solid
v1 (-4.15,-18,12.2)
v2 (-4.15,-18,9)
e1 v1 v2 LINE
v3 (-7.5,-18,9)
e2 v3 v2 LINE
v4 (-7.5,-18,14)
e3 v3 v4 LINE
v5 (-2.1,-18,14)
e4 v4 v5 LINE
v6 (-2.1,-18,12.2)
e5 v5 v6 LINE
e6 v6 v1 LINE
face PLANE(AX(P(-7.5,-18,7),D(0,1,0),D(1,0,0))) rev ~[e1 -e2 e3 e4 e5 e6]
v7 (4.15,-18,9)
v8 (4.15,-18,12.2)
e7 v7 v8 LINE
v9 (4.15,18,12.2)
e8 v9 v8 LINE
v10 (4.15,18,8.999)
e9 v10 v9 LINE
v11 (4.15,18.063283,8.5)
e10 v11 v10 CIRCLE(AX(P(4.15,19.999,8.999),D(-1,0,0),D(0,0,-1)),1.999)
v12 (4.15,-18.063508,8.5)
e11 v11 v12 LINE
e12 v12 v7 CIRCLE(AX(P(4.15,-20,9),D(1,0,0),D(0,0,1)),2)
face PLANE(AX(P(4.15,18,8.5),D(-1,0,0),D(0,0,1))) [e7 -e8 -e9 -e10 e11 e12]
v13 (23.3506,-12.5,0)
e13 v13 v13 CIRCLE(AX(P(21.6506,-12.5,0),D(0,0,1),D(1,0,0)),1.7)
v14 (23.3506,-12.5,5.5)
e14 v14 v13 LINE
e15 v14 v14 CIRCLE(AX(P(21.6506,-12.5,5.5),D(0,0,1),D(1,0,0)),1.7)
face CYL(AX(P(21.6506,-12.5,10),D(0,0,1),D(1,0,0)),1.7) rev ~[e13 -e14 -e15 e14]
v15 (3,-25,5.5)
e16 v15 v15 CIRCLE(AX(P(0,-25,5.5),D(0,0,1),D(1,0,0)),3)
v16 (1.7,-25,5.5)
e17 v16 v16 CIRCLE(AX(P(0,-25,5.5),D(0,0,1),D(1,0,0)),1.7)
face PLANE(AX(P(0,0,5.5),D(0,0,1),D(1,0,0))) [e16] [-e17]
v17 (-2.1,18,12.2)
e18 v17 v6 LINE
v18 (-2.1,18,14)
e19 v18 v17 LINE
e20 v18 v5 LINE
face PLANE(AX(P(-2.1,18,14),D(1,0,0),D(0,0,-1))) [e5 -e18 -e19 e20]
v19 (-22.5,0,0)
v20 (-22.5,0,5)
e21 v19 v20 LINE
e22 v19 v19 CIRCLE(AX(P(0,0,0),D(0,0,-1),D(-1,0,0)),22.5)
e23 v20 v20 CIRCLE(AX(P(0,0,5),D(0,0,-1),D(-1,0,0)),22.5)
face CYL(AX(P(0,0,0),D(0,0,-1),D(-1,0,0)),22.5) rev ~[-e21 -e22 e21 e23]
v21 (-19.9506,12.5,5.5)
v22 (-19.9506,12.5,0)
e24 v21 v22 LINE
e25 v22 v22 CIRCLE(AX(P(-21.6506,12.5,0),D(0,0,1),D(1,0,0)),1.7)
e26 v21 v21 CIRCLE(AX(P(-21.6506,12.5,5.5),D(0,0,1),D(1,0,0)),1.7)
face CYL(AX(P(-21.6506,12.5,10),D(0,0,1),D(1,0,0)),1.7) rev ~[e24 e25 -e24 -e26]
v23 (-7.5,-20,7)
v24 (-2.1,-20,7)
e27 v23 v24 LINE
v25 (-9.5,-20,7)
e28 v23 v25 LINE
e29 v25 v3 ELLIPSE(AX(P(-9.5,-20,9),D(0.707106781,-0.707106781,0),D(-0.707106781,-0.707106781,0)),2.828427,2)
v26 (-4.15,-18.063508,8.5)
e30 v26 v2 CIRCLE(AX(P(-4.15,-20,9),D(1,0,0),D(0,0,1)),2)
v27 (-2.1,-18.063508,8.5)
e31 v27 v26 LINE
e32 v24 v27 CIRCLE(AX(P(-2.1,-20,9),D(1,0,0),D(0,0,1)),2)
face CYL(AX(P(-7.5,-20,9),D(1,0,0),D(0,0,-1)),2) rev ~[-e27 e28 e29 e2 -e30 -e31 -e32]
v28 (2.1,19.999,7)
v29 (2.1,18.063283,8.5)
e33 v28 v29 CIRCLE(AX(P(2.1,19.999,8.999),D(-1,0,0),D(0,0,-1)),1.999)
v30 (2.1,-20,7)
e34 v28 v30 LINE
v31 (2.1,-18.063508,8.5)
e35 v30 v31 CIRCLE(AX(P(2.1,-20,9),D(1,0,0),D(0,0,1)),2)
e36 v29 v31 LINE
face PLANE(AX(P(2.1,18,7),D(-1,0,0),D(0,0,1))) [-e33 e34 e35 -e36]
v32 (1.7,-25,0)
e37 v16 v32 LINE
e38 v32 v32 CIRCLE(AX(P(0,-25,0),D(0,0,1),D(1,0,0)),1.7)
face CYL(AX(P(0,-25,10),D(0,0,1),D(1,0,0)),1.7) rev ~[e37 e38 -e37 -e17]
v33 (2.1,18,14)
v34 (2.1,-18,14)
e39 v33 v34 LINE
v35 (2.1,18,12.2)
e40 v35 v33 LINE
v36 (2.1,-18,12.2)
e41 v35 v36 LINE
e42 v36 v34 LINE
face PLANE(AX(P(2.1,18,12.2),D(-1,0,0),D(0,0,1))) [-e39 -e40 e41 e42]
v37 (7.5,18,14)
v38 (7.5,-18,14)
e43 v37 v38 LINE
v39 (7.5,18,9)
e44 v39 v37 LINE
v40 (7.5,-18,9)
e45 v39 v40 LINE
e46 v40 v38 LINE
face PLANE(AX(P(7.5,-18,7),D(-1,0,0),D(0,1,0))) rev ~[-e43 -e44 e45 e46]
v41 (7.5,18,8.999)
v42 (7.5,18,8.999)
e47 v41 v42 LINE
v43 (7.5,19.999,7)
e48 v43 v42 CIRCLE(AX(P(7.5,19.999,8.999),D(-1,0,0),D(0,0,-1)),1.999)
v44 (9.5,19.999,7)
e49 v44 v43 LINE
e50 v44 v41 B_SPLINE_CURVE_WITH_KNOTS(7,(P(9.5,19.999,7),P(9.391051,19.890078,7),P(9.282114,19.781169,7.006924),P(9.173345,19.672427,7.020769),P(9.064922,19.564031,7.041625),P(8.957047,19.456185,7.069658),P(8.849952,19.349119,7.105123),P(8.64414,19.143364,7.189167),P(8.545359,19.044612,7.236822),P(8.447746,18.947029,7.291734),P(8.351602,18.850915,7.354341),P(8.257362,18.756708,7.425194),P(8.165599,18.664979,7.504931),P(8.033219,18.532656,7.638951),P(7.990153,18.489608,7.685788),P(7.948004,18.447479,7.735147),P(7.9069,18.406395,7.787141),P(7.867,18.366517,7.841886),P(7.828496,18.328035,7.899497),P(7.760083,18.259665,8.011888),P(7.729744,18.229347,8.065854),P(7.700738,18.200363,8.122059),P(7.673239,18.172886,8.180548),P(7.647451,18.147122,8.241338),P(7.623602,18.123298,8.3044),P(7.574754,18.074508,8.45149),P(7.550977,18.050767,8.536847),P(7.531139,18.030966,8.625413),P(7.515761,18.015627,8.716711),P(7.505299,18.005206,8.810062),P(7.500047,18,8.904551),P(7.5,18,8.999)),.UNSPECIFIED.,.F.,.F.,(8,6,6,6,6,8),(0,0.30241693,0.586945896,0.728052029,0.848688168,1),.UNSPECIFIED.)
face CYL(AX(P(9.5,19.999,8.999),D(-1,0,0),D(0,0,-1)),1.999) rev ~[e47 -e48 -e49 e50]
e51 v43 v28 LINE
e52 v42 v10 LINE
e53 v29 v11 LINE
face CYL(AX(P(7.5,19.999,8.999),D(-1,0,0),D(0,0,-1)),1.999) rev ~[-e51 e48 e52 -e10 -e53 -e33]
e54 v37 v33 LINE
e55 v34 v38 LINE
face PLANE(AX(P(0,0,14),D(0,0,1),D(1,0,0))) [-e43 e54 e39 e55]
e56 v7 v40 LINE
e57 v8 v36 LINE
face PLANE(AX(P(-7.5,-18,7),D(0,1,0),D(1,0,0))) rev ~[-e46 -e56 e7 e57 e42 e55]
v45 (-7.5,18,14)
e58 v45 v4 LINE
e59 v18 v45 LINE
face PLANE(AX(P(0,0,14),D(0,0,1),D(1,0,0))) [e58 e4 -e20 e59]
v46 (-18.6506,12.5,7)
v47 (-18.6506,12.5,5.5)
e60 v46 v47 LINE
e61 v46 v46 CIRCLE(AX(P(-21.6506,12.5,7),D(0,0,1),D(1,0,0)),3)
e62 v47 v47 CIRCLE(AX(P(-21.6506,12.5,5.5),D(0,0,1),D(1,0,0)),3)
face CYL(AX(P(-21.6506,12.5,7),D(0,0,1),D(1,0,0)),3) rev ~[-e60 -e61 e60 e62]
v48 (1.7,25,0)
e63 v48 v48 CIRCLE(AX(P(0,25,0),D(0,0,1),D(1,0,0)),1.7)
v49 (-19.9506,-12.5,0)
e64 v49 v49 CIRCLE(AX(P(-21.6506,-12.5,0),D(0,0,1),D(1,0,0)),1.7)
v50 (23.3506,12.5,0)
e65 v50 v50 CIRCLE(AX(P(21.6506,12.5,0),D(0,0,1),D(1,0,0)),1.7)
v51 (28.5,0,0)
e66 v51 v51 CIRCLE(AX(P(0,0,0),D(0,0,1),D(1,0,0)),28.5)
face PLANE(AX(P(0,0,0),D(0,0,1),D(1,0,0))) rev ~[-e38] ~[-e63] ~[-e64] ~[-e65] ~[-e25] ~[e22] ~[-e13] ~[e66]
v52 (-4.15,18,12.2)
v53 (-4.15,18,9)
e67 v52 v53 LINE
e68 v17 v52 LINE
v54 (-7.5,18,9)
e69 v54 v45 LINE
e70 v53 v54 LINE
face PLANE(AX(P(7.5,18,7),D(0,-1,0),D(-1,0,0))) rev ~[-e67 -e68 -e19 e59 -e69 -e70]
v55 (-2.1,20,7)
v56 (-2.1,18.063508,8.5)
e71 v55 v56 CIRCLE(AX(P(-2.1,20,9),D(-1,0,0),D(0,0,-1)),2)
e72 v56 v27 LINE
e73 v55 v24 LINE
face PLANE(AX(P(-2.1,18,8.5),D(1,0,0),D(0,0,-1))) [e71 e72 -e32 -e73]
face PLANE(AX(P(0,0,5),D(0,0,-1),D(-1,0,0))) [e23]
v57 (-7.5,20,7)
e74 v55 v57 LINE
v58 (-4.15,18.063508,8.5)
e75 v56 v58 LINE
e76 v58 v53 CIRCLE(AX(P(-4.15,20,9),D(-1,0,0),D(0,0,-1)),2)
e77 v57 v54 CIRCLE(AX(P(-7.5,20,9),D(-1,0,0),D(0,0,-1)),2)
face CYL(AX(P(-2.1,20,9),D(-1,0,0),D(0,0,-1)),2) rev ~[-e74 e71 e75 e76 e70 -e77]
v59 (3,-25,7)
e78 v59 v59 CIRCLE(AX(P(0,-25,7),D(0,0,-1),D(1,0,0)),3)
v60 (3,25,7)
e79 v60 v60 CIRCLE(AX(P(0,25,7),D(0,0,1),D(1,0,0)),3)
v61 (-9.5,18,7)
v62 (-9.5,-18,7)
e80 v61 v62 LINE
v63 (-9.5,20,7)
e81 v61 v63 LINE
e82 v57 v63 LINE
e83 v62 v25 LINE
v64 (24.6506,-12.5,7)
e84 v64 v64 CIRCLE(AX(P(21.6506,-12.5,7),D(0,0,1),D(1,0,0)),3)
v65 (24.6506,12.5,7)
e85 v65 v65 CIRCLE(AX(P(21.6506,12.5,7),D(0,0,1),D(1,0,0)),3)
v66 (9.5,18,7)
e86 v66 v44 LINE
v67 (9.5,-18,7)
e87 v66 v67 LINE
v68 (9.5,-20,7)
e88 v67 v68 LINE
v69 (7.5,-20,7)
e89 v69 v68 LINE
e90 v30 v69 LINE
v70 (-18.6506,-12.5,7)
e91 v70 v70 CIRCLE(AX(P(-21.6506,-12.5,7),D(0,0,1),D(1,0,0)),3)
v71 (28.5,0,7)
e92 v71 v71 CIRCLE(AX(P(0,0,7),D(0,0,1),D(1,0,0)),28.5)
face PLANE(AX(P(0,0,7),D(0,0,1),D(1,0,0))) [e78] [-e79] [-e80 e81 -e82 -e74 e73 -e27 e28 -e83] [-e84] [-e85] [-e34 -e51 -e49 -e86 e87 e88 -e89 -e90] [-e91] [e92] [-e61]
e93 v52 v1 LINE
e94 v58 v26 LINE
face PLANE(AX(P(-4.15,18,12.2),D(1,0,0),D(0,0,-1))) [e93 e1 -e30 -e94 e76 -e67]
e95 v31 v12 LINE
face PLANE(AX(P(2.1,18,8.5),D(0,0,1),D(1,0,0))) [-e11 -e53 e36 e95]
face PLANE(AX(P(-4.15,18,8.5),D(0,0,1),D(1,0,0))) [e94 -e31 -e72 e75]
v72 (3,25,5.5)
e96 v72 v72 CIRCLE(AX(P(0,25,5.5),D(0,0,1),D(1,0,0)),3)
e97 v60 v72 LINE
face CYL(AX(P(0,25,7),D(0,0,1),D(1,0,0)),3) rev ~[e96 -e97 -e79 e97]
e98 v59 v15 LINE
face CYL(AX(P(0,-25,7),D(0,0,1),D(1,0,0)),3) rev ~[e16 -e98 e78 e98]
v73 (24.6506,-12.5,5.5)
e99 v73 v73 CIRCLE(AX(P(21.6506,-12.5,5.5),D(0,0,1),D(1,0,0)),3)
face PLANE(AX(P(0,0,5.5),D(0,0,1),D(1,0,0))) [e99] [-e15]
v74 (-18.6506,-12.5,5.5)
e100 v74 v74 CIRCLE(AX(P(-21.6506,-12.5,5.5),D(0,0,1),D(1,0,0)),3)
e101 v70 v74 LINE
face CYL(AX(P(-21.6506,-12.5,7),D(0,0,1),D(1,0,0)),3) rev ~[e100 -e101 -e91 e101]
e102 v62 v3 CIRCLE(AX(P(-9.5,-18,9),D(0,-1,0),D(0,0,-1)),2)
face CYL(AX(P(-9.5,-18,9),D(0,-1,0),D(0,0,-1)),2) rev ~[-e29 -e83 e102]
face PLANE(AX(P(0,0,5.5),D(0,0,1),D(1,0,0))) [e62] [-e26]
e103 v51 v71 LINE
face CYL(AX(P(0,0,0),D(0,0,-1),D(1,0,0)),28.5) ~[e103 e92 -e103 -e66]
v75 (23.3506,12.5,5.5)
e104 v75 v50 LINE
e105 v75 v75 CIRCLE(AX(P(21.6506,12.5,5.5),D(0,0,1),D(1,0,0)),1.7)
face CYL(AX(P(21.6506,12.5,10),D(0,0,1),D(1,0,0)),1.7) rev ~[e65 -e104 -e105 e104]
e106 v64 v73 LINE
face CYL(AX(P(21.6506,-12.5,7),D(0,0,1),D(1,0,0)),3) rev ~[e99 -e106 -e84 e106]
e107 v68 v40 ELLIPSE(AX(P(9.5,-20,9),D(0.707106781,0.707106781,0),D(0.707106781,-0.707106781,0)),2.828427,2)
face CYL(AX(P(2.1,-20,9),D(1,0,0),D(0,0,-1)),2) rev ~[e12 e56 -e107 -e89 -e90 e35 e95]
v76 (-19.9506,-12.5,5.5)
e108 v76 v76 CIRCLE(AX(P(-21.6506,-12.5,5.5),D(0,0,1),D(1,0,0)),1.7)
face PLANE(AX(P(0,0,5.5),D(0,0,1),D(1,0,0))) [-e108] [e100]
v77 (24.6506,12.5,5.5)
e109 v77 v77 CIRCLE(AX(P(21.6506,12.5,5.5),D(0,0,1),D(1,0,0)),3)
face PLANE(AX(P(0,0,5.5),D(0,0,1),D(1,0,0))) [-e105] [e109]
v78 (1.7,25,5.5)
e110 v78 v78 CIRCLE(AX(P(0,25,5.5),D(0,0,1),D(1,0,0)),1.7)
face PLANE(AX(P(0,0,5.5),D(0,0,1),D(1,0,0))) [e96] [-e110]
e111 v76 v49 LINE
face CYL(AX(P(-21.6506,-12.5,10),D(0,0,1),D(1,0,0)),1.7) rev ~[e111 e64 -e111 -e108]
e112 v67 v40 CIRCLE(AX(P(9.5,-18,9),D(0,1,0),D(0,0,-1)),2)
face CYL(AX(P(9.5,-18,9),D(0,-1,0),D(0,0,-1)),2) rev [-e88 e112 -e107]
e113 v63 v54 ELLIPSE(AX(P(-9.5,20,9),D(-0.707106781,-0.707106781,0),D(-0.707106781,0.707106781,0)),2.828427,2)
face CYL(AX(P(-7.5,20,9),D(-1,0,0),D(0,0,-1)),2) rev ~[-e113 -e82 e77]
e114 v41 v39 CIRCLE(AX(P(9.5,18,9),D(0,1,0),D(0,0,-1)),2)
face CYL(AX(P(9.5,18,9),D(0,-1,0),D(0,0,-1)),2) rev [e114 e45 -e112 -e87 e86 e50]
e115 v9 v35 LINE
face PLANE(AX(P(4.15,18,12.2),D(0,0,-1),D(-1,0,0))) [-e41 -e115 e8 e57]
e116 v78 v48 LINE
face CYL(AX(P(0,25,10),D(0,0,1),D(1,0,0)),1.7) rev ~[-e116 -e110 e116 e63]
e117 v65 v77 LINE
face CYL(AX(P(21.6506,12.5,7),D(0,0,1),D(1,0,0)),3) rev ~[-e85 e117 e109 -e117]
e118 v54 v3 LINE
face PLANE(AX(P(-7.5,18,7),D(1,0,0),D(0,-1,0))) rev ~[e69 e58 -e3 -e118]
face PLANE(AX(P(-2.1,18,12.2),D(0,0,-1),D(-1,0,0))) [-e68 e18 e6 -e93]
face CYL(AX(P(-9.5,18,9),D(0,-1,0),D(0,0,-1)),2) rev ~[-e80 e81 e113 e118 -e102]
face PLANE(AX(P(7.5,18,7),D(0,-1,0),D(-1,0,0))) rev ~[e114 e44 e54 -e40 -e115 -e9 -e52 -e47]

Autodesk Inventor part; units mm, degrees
ref_plane "YZ Plane" through (0, 0, 0) normal (1, 0, 0) x (0, 1, 0)
ref_plane "XZ Plane" through (0, 0, 0) normal (0, 1, 0) x (-1, 0, 0)
ref_plane "XY Plane" through (0, 0, 0) normal (0, 0, 1) x (1, 0, 0)
sketch "スケッチ1" plane through (0, 0, 0) normal (0, 0, 1) x (1, 0, 0)
  circle A0 centre (0, 0) radius 28.5
  circle A1 centre (0, 0) radius 20
  dimension "d0" = 57
  dimension "d1" = 40
extrude "押し出し1" add sketch "スケッチ1" along normal blind 10 contours A0 | A1
sketch "スケッチ2" plane through (0, 0, 0) normal (0, 0, -1) x (-1, 0, 0)
  circle A0 centre (0, 0) radius 22.5
  dimension "d4" = 45
extrude "押し出し2" cut sketch "スケッチ2" against normal blind 5
sketch "スケッチ4" plane through (0, 0, 10) normal (0, 0, 1) x (1, 0, 0)
  circle A0 centre (0, 0) radius 25
  circle A1 centre (0, -25) radius 1.7
  circle A2 centre (21.6506, -12.5) radius 1.7
  circle A3 centre (21.6506, 12.5) radius 1.7
  circle A4 centre (0, 25) radius 1.7
  circle A5 centre (-21.6506, 12.5) radius 1.7
  circle A6 centre (-21.6506, -12.5) radius 1.7
  dimension "d15" = 50
  dimension "d16" = 3.4
  dimension "d19" = 360
extrude "押し出し4" cut sketch "スケッチ4" against normal blind 10 contours A3 A0 | A0 A3 | A2 A0 | A0 A2 | A4 A0 | A0 A4 | A1 A0 | A0 A1 | A5 A0 | A0 A5 | A6 A0 | A0 A6
sketch "スケッチ5" plane through (0, 0, 10) normal (0, 0, 1) x (1, 0, 0)
  circle A0 centre (0, 0) radius 28.5
extrude "押し出し5" cut sketch "スケッチ5" against normal blind 3
sketch "スケッチ6" plane through (0, 0, 7) normal (0, 0, 1) x (1, 0, 0)
  circle A0 centre (0, 0) radius 21.5
  circle A1 centre (0, 25) radius 1.7 projected
  circle A2 centre (0, 25) radius 3
  circle A3 centre (-21.6506, 12.5) radius 3
  circle A4 centre (-21.6506, -12.5) radius 3
  circle A5 centre (0, -25) radius 3
  circle A6 centre (21.6506, -12.5) radius 3
  circle A7 centre (21.6506, 12.5) radius 3
  dimension "d25" = 43
  dimension "d26" = 6
  dimension "d29" = 360
extrude "押し出し6" cut sketch "スケッチ6" against normal blind 1.5 contours A1 | A2 | A3 | A4 | A5 | A6 | A7
sketch "スケッチ7" plane through (0, 0, 7) normal (0, 0, 1) x (1, 0, 0)
  line L0 (0, 0) -> (7.5, 0)
  line L1 (7.5, 0) -> (7.5, 18)
  line L2 (7.5, 18) -> (-7.5, 18)
  line L3 (-7.5, 18) -> (-7.5, -18)
  line L4 (-7.5, -18) -> (7.5, -18)
  line L5 (7.5, -18) -> (7.5, 0)
  dimension "d33" = 7.5
  dimension "d34" = 18
  dimension "d35" = 15
  dimension "d36" = 36
extrude "押し出し7" add sketch "スケッチ7" along normal blind 7
sketch "スケッチ8" plane through (-7.5, 18, 7) normal (0, 1, 0) x (1, 0, 0)
  line L0 (15, 0) -> (0, 0) projected
  line L1 (7.5, 0) -> (9.6, 0)
  line L2 (9.6, 0) -> (9.6, -1.5)
  line L3 (9.6, -1.5) -> (5.4, -1.5)
  line L4 (5.4, -1.5) -> (5.4, 0)
  line L5 (7.5, 0) -> (5.4, 0)
  line L6 (7.5, -1.5) -> (11.65, -1.5)
  line L7 (11.65, -1.5) -> (11.65, -5.2)
  line L8 (11.65, -5.2) -> (3.35, -5.2)
  line L9 (3.35, -5.2) -> (3.35, -1.5)
  line L10 (3.35, -1.5) -> (7.5, -1.5)
  line L11 (7.5, -5.2) -> (9.6, -5.2)
  line L12 (9.6, -5.2) -> (9.6, -7)
  line L13 (0, -7) -> (15, -7) projected
  line L14 (9.6, -7) -> (5.4, -7)
  line L15 (5.4, -7) -> (5.4, -5.2)
  point P0 (7.5, 7)
  dimension "d39" = 2.1
  dimension "d40" = 1.5
  dimension "d41" = 4.2
  dimension "d42" = 4.15
  dimension "d43" = 3.7
  dimension "d44" = 8.3
  dimension "d45" = 2.1
extrude "押し出し8" cut sketch "スケッチ8" against normal blind 40
fillet "フィレット1" radius 2 6 edges at (-4.8, -18, 7) (4.8, -18, 7) (7.5, 0, 7) (-7.5, 0, 7) (-4.8, 18, 7) (4.8, 18, 7)
properties part number "piper-GIM3505-8" material "ABS プラスチック"
